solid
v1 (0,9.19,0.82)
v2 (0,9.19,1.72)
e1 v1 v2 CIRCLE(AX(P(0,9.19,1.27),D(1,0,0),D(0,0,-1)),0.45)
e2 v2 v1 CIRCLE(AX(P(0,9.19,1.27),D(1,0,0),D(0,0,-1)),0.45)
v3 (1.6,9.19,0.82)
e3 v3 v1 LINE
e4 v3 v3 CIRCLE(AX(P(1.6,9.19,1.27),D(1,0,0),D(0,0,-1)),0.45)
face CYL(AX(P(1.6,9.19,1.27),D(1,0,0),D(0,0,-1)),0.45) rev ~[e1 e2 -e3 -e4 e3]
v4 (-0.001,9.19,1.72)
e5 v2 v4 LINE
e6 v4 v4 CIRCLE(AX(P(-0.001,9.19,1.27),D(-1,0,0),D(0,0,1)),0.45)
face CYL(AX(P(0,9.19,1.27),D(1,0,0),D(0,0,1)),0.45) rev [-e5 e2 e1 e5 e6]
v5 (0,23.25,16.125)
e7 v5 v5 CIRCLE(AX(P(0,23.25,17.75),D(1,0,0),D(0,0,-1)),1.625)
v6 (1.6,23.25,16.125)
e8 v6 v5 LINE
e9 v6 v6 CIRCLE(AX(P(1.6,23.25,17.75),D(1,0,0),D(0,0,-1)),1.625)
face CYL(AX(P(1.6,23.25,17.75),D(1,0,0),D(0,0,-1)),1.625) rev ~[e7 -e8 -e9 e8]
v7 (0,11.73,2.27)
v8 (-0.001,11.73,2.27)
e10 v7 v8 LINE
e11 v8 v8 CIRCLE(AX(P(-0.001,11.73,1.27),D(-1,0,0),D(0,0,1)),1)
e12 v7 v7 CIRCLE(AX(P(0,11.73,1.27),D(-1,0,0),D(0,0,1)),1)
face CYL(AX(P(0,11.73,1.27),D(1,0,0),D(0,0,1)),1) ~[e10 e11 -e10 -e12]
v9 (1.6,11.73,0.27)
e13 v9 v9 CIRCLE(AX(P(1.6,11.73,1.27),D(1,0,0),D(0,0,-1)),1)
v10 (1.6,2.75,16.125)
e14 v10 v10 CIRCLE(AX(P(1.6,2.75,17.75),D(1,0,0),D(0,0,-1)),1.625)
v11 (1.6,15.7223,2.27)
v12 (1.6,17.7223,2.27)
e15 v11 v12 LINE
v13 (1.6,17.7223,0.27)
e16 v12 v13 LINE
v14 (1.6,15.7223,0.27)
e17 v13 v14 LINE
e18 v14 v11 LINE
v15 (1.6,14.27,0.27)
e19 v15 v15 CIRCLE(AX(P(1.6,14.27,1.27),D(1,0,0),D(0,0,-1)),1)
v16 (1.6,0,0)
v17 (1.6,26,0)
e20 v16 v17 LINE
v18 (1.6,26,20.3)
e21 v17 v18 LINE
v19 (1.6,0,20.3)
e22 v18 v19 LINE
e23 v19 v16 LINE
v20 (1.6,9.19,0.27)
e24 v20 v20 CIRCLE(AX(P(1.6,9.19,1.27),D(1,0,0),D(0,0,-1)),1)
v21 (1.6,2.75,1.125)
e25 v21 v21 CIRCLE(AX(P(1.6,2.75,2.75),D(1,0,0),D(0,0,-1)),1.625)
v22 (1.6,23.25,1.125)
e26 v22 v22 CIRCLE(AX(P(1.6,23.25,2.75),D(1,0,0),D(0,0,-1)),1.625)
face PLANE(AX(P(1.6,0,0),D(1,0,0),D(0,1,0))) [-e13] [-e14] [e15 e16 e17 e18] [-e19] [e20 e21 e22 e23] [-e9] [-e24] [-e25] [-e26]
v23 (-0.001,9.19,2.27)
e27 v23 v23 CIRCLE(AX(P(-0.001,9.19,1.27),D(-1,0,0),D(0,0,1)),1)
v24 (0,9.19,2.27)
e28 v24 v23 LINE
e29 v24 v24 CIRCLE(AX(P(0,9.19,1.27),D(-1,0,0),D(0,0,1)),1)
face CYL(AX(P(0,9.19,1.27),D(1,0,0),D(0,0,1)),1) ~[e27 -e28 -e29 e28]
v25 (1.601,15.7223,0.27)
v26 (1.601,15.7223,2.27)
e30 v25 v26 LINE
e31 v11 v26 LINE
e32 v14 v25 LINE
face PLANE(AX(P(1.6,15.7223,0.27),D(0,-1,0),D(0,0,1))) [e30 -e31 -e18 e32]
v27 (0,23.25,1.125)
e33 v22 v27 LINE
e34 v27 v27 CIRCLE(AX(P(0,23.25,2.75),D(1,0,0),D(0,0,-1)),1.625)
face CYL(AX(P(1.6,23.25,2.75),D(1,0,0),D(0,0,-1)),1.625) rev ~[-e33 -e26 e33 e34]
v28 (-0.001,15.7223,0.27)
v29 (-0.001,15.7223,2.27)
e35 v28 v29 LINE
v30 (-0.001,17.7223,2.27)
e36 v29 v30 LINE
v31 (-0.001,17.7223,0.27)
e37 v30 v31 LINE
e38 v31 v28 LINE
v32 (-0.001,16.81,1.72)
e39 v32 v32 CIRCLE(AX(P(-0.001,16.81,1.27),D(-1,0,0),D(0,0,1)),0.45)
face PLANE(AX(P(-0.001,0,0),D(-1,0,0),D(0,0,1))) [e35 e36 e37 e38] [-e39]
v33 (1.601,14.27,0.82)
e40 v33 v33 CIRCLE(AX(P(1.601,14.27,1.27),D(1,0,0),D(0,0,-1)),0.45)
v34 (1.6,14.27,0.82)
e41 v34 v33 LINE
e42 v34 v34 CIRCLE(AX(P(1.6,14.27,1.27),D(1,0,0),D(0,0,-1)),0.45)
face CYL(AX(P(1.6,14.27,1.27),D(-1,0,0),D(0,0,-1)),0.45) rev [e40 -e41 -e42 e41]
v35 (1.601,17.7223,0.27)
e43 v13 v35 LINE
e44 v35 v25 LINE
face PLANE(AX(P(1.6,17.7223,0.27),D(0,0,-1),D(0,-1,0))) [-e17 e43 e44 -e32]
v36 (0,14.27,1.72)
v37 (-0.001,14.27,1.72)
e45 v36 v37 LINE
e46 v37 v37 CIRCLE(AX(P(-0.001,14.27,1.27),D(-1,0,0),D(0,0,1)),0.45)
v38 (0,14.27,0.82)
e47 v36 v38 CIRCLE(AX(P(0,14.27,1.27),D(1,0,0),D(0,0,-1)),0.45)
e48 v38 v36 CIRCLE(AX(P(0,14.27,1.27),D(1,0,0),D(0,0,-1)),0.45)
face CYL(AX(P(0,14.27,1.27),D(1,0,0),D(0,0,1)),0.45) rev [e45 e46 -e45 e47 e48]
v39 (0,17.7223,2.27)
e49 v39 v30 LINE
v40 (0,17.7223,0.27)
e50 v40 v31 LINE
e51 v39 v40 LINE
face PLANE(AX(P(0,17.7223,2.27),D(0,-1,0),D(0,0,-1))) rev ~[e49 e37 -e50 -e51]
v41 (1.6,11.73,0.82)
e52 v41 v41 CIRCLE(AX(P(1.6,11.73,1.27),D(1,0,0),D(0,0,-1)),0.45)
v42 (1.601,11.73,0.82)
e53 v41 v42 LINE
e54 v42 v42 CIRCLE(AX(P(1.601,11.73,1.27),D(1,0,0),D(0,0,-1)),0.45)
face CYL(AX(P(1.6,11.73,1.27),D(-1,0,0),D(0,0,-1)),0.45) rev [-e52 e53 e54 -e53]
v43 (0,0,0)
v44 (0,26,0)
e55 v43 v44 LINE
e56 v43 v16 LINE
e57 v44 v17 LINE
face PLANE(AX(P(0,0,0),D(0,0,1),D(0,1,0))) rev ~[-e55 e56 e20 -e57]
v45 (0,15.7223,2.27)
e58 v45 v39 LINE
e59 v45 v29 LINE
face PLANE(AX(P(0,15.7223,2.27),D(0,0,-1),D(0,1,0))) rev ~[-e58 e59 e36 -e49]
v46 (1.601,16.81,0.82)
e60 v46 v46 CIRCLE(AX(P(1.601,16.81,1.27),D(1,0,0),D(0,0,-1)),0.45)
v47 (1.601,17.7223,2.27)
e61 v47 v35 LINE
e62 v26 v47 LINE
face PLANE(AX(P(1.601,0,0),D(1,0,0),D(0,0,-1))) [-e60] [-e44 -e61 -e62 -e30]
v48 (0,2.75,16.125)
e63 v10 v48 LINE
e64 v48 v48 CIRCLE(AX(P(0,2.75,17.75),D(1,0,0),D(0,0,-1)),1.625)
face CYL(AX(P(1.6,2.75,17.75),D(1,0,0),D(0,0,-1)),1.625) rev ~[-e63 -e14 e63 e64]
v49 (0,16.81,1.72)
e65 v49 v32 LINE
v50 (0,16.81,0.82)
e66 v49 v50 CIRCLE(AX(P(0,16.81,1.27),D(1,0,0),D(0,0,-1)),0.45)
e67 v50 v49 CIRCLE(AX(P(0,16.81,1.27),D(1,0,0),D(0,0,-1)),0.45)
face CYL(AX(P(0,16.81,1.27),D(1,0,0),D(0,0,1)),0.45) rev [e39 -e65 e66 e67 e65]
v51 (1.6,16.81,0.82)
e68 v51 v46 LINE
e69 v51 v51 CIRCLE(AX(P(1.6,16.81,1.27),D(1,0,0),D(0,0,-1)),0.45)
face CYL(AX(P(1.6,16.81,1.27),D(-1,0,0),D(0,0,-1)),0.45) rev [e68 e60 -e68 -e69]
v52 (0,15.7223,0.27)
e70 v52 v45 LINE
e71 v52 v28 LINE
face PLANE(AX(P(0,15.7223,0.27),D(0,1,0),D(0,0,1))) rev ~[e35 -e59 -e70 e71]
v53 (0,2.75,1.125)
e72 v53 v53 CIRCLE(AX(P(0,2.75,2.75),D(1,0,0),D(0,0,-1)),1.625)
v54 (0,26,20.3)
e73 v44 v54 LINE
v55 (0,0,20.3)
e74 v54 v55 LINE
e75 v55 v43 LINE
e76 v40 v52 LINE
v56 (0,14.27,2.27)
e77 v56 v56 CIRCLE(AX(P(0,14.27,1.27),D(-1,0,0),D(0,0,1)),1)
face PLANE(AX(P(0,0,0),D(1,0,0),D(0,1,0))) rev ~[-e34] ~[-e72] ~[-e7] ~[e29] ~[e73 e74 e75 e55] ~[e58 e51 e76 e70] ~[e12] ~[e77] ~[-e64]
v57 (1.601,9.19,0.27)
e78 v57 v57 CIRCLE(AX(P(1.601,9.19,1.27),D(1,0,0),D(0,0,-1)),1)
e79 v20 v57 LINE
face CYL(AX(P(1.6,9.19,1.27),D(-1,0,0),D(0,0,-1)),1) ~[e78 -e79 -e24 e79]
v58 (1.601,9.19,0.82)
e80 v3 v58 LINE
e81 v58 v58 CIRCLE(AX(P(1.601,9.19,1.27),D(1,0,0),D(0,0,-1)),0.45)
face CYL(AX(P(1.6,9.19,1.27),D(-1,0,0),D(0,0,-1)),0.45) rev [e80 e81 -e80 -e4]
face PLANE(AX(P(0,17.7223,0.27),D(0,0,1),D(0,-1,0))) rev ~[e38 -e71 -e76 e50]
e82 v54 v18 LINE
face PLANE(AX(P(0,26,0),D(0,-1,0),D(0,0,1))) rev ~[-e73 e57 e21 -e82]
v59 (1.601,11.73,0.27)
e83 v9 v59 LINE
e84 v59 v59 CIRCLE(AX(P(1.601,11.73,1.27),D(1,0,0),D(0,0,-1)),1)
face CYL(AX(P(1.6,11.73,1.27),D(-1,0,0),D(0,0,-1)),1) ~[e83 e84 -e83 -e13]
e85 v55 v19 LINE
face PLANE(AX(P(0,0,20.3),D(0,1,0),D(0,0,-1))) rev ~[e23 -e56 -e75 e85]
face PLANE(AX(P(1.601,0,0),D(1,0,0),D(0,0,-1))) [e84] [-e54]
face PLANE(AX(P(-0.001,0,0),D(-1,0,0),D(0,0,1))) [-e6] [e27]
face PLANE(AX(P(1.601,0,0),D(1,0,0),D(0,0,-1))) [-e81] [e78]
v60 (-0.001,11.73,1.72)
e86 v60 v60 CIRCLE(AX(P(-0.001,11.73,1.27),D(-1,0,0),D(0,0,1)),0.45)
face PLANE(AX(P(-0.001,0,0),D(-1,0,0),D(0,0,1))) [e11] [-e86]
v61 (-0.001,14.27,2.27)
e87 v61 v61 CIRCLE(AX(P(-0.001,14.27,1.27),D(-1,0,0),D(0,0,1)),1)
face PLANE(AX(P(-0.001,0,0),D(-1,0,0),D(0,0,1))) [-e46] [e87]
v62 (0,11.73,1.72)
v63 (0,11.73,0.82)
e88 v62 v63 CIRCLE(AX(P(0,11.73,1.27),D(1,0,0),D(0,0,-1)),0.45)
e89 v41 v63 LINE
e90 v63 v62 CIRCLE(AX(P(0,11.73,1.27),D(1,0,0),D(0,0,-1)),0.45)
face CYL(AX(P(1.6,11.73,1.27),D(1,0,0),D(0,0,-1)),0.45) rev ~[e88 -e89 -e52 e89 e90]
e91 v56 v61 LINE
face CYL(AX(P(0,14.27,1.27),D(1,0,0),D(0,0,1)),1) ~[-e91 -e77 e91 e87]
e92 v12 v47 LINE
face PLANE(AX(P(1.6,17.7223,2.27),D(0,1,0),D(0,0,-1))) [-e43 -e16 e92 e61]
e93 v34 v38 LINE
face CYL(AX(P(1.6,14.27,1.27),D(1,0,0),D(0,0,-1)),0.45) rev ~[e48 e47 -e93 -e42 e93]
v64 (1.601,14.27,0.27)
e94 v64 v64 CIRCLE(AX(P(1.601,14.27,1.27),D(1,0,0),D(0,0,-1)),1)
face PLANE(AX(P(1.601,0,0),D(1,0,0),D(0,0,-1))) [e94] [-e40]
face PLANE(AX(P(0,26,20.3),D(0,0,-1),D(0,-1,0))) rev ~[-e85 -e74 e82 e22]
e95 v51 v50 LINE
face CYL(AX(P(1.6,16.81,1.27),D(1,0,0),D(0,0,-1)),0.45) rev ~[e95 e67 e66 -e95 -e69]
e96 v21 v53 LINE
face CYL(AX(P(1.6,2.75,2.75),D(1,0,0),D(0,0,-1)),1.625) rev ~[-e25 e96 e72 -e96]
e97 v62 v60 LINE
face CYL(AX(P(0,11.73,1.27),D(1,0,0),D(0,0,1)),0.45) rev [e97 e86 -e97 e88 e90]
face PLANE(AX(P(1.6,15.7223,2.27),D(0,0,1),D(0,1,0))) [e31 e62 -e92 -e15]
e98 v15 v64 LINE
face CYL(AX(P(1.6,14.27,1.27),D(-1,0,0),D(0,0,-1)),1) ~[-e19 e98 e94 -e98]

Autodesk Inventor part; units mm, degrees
ref_plane "YZ Plane" through (0, 0, 0) normal (1, 0, 0) x (0, 1, 0)
ref_plane "XZ Plane" through (0, 0, 0) normal (0, 1, 0) x (-1, 0, 0)
ref_plane "XY Plane" through (0, 0, 0) normal (0, 0, 1) x (1, 0, 0)
sketch "Náčrt1" plane through (0, 0, 0) normal (1, 0, 0) x (0, 1, 0)
  line L0 (0, 0) -> (26, 0)
  line L1 (26, 0) -> (26, 20.3)
  line L2 (26, 20.3) -> (0, 20.3)
  line L3 (0, 20.3) -> (0, 0)
  dimension "d0" = 26
  dimension "d1" = 20.3
extrude "Vysunutí1" add sketch "Náčrt1" along normal blind 1.6
sketch "Náčrt2" plane through (1.6, 0, 0) normal (1, 0, 0) x (0, 0, -1)
  line L0 (0, 0) -> (0, 26) projected
  line L1 (-20.3, 0) -> (0, 0) projected
  circle A0 centre (-2.75, 23.25) radius 1.625
  circle A1 centre (-2.75, 2.75) radius 1.625
  circle A2 centre (-1.27, 16.81) radius 0.45
  circle A3 centre (-1.27, 14.27) radius 0.45
  circle A4 centre (-1.27, 11.73) radius 0.45
  circle A5 centre (-1.27, 9.19) radius 0.45
  circle A6 centre (-17.75, 23.25) radius 1.625
  circle A7 centre (-17.75, 2.75) radius 1.625
  dimension "d4" = 20.5
  dimension "d6" = 3.25
  dimension "d7" = 2.75
  dimension "d8" = 2.75
  dimension "d9" = 2.75
  dimension "d10" = 0.9
  dimension "d11" = 1.27
  dimension "d12" = 2.54
  dimension "d13" = 2.54
  dimension "d14" = 2.54
  dimension "d15" = 1.27
  dimension "d16" = 1.27
  dimension "d17" = 1.27
  dimension "d18" = 7.62
  dimension "d19" = 6.44
  dimension "d20" = 20.5
  dimension "d21" = 2.75
  dimension "d25" = 15
  dimension "d26" = 15
extrude "Vysunutí3" cut sketch "Náčrt2" against normal through all
sketch "Náčrt3" plane through (1.6, 0, 0) normal (1, 0, 0) x (0, 0, -1)
  circle A0 centre (-1.27, 11.73) radius 0.45 projected
  circle A1 centre (-1.27, 16.81) radius 0.45 projected
  circle A2 centre (-1.27, 14.27) radius 0.45 projected
  circle A3 centre (-1.27, 9.19) radius 0.45 projected
  line L0 (-2.27, 17.7223) -> (-0.27, 17.7223)
  line L1 (-0.27, 17.7223) -> (-0.27, 15.7223)
  line L2 (-0.27, 15.7223) -> (-2.27, 15.7223)
  line L3 (-2.27, 15.7223) -> (-2.27, 17.7223)
  circle A4 centre (-1.27, 14.27) radius 1
  circle A5 centre (-1.27, 11.73) radius 1
  circle A6 centre (-1.27, 9.19) radius 1
  dimension "d31" = 2
  dimension "d33" = 1
  dimension "d34" = 2
  dimension "d35" = 1.0877
  dimension "d36" = 2
extrude "Vysunutí4" add sketch "Náčrt3" along normal blind 0.001
sketch "Náčrt4" plane through (0, 0, 0) normal (-1, 0, 0) x (0, 0, 1)
  circle A0 centre (1.27, 11.73) radius 0.45 projected
  circle A1 centre (1.27, 16.81) radius 0.45 projected
  circle A2 centre (1.27, 14.27) radius 0.45 projected
  circle A3 centre (1.27, 9.19) radius 0.45 projected
  line L0 (2.27, 17.7223) -> (0.27, 17.7223) projected
  line L1 (2.27, 15.7223) -> (2.27, 17.7223) projected
  line L2 (0.27, 15.7223) -> (2.27, 15.7223) projected
  line L3 (0.27, 17.7223) -> (0.27, 15.7223) projected
  circle A4 centre (1.27, 14.27) radius 1 projected
  circle A5 centre (1.27, 11.73) radius 1 projected
  circle A6 centre (1.27, 9.19) radius 1 projected
extrude "Vysunutí5" add sketch "Náčrt4" along normal blind 0.001
sketch "Náčrt5" plane through (1.6, 0, 0) normal (1, 0, 0) x (0, 0, -1)
  line L0 (-12.9507, 18.458) -> (-3.259, 18.458) construction
  line L1 (-3.259, 18.458) -> (-3.259, 7.2075) construction
  line L2 (-3.259, 7.2075) -> (-12.9507, 7.2075) construction
  line L3 (-12.9507, 7.2075) -> (-12.9507, 18.458) construction
sketch "Náčrt6" plane through (0, 0, 0) normal (-1, 0, 0) x (0, 0, 1)
  line L0 (2.7892, 18.5709) -> (6.1278, 18.5709) construction
  line L1 (6.1278, 18.5709) -> (6.1278, 7.3401) construction
  line L2 (6.1278, 7.3401) -> (2.7892, 7.3401) construction
  line L3 (2.7892, 7.3401) -> (2.7892, 18.5709) construction
  line L4 (9.218, 26) -> (9.218, 0) construction
  line L5 (9.218, 0) -> (6.7421, 0) construction
  line L6 (6.7421, 0) -> (6.7421, 26) construction
  line L7 (6.7421, 26) -> (9.218, 26) construction
  line L8 (18.8, 26) -> (18.8, 0) construction
  line L9 (18.8, 0) -> (16.2512, 0) construction
  line L10 (16.2512, 0) -> (16.2512, 26) construction
  line L11 (16.2512, 26) -> (18.8, 26) construction
equation "\"d7\" = -0.5 * d4 + 0.5 * d0"
equation "\"d8\" = d7"
equation "\"d9\" = d7"
equation "\"d15\" = d11"
equation "\"d16\" = d11"
equation "\"d17\" = d11"
equation "\"d19\" = -0.5 * d18 + 0.5 * d4"
equation "\"d20\" = d4"
equation "\"d21\" = d7"
equation "\"d26\" = d25"
equation "\"PoloměrOhybu\" = Tloušťka"
equation "\"ŠířkaVýštipu\" = Tloušťka"
equation "\"HloubkaVýštipu\" = 0.5 * Tloušťka"
equation "\"VelikostRohovéhoVýštipu\" = 4 * Tloušťka"
equation "\"MinimálníZbytek\" = 2 * Tloušťka"
equation "\"PřechodovýPoloměr\" = PoloměrOhybu"
equation "\"VelikostJacobihoPoloměru\" = Tloušťka"
equation "\"VelikostMezery\" = Tloušťka"
equation "\"Tloušťka\" = 0.5"
properties part number "SparkFun USB Type A Female Breakout - doska" material "ABS plast"
